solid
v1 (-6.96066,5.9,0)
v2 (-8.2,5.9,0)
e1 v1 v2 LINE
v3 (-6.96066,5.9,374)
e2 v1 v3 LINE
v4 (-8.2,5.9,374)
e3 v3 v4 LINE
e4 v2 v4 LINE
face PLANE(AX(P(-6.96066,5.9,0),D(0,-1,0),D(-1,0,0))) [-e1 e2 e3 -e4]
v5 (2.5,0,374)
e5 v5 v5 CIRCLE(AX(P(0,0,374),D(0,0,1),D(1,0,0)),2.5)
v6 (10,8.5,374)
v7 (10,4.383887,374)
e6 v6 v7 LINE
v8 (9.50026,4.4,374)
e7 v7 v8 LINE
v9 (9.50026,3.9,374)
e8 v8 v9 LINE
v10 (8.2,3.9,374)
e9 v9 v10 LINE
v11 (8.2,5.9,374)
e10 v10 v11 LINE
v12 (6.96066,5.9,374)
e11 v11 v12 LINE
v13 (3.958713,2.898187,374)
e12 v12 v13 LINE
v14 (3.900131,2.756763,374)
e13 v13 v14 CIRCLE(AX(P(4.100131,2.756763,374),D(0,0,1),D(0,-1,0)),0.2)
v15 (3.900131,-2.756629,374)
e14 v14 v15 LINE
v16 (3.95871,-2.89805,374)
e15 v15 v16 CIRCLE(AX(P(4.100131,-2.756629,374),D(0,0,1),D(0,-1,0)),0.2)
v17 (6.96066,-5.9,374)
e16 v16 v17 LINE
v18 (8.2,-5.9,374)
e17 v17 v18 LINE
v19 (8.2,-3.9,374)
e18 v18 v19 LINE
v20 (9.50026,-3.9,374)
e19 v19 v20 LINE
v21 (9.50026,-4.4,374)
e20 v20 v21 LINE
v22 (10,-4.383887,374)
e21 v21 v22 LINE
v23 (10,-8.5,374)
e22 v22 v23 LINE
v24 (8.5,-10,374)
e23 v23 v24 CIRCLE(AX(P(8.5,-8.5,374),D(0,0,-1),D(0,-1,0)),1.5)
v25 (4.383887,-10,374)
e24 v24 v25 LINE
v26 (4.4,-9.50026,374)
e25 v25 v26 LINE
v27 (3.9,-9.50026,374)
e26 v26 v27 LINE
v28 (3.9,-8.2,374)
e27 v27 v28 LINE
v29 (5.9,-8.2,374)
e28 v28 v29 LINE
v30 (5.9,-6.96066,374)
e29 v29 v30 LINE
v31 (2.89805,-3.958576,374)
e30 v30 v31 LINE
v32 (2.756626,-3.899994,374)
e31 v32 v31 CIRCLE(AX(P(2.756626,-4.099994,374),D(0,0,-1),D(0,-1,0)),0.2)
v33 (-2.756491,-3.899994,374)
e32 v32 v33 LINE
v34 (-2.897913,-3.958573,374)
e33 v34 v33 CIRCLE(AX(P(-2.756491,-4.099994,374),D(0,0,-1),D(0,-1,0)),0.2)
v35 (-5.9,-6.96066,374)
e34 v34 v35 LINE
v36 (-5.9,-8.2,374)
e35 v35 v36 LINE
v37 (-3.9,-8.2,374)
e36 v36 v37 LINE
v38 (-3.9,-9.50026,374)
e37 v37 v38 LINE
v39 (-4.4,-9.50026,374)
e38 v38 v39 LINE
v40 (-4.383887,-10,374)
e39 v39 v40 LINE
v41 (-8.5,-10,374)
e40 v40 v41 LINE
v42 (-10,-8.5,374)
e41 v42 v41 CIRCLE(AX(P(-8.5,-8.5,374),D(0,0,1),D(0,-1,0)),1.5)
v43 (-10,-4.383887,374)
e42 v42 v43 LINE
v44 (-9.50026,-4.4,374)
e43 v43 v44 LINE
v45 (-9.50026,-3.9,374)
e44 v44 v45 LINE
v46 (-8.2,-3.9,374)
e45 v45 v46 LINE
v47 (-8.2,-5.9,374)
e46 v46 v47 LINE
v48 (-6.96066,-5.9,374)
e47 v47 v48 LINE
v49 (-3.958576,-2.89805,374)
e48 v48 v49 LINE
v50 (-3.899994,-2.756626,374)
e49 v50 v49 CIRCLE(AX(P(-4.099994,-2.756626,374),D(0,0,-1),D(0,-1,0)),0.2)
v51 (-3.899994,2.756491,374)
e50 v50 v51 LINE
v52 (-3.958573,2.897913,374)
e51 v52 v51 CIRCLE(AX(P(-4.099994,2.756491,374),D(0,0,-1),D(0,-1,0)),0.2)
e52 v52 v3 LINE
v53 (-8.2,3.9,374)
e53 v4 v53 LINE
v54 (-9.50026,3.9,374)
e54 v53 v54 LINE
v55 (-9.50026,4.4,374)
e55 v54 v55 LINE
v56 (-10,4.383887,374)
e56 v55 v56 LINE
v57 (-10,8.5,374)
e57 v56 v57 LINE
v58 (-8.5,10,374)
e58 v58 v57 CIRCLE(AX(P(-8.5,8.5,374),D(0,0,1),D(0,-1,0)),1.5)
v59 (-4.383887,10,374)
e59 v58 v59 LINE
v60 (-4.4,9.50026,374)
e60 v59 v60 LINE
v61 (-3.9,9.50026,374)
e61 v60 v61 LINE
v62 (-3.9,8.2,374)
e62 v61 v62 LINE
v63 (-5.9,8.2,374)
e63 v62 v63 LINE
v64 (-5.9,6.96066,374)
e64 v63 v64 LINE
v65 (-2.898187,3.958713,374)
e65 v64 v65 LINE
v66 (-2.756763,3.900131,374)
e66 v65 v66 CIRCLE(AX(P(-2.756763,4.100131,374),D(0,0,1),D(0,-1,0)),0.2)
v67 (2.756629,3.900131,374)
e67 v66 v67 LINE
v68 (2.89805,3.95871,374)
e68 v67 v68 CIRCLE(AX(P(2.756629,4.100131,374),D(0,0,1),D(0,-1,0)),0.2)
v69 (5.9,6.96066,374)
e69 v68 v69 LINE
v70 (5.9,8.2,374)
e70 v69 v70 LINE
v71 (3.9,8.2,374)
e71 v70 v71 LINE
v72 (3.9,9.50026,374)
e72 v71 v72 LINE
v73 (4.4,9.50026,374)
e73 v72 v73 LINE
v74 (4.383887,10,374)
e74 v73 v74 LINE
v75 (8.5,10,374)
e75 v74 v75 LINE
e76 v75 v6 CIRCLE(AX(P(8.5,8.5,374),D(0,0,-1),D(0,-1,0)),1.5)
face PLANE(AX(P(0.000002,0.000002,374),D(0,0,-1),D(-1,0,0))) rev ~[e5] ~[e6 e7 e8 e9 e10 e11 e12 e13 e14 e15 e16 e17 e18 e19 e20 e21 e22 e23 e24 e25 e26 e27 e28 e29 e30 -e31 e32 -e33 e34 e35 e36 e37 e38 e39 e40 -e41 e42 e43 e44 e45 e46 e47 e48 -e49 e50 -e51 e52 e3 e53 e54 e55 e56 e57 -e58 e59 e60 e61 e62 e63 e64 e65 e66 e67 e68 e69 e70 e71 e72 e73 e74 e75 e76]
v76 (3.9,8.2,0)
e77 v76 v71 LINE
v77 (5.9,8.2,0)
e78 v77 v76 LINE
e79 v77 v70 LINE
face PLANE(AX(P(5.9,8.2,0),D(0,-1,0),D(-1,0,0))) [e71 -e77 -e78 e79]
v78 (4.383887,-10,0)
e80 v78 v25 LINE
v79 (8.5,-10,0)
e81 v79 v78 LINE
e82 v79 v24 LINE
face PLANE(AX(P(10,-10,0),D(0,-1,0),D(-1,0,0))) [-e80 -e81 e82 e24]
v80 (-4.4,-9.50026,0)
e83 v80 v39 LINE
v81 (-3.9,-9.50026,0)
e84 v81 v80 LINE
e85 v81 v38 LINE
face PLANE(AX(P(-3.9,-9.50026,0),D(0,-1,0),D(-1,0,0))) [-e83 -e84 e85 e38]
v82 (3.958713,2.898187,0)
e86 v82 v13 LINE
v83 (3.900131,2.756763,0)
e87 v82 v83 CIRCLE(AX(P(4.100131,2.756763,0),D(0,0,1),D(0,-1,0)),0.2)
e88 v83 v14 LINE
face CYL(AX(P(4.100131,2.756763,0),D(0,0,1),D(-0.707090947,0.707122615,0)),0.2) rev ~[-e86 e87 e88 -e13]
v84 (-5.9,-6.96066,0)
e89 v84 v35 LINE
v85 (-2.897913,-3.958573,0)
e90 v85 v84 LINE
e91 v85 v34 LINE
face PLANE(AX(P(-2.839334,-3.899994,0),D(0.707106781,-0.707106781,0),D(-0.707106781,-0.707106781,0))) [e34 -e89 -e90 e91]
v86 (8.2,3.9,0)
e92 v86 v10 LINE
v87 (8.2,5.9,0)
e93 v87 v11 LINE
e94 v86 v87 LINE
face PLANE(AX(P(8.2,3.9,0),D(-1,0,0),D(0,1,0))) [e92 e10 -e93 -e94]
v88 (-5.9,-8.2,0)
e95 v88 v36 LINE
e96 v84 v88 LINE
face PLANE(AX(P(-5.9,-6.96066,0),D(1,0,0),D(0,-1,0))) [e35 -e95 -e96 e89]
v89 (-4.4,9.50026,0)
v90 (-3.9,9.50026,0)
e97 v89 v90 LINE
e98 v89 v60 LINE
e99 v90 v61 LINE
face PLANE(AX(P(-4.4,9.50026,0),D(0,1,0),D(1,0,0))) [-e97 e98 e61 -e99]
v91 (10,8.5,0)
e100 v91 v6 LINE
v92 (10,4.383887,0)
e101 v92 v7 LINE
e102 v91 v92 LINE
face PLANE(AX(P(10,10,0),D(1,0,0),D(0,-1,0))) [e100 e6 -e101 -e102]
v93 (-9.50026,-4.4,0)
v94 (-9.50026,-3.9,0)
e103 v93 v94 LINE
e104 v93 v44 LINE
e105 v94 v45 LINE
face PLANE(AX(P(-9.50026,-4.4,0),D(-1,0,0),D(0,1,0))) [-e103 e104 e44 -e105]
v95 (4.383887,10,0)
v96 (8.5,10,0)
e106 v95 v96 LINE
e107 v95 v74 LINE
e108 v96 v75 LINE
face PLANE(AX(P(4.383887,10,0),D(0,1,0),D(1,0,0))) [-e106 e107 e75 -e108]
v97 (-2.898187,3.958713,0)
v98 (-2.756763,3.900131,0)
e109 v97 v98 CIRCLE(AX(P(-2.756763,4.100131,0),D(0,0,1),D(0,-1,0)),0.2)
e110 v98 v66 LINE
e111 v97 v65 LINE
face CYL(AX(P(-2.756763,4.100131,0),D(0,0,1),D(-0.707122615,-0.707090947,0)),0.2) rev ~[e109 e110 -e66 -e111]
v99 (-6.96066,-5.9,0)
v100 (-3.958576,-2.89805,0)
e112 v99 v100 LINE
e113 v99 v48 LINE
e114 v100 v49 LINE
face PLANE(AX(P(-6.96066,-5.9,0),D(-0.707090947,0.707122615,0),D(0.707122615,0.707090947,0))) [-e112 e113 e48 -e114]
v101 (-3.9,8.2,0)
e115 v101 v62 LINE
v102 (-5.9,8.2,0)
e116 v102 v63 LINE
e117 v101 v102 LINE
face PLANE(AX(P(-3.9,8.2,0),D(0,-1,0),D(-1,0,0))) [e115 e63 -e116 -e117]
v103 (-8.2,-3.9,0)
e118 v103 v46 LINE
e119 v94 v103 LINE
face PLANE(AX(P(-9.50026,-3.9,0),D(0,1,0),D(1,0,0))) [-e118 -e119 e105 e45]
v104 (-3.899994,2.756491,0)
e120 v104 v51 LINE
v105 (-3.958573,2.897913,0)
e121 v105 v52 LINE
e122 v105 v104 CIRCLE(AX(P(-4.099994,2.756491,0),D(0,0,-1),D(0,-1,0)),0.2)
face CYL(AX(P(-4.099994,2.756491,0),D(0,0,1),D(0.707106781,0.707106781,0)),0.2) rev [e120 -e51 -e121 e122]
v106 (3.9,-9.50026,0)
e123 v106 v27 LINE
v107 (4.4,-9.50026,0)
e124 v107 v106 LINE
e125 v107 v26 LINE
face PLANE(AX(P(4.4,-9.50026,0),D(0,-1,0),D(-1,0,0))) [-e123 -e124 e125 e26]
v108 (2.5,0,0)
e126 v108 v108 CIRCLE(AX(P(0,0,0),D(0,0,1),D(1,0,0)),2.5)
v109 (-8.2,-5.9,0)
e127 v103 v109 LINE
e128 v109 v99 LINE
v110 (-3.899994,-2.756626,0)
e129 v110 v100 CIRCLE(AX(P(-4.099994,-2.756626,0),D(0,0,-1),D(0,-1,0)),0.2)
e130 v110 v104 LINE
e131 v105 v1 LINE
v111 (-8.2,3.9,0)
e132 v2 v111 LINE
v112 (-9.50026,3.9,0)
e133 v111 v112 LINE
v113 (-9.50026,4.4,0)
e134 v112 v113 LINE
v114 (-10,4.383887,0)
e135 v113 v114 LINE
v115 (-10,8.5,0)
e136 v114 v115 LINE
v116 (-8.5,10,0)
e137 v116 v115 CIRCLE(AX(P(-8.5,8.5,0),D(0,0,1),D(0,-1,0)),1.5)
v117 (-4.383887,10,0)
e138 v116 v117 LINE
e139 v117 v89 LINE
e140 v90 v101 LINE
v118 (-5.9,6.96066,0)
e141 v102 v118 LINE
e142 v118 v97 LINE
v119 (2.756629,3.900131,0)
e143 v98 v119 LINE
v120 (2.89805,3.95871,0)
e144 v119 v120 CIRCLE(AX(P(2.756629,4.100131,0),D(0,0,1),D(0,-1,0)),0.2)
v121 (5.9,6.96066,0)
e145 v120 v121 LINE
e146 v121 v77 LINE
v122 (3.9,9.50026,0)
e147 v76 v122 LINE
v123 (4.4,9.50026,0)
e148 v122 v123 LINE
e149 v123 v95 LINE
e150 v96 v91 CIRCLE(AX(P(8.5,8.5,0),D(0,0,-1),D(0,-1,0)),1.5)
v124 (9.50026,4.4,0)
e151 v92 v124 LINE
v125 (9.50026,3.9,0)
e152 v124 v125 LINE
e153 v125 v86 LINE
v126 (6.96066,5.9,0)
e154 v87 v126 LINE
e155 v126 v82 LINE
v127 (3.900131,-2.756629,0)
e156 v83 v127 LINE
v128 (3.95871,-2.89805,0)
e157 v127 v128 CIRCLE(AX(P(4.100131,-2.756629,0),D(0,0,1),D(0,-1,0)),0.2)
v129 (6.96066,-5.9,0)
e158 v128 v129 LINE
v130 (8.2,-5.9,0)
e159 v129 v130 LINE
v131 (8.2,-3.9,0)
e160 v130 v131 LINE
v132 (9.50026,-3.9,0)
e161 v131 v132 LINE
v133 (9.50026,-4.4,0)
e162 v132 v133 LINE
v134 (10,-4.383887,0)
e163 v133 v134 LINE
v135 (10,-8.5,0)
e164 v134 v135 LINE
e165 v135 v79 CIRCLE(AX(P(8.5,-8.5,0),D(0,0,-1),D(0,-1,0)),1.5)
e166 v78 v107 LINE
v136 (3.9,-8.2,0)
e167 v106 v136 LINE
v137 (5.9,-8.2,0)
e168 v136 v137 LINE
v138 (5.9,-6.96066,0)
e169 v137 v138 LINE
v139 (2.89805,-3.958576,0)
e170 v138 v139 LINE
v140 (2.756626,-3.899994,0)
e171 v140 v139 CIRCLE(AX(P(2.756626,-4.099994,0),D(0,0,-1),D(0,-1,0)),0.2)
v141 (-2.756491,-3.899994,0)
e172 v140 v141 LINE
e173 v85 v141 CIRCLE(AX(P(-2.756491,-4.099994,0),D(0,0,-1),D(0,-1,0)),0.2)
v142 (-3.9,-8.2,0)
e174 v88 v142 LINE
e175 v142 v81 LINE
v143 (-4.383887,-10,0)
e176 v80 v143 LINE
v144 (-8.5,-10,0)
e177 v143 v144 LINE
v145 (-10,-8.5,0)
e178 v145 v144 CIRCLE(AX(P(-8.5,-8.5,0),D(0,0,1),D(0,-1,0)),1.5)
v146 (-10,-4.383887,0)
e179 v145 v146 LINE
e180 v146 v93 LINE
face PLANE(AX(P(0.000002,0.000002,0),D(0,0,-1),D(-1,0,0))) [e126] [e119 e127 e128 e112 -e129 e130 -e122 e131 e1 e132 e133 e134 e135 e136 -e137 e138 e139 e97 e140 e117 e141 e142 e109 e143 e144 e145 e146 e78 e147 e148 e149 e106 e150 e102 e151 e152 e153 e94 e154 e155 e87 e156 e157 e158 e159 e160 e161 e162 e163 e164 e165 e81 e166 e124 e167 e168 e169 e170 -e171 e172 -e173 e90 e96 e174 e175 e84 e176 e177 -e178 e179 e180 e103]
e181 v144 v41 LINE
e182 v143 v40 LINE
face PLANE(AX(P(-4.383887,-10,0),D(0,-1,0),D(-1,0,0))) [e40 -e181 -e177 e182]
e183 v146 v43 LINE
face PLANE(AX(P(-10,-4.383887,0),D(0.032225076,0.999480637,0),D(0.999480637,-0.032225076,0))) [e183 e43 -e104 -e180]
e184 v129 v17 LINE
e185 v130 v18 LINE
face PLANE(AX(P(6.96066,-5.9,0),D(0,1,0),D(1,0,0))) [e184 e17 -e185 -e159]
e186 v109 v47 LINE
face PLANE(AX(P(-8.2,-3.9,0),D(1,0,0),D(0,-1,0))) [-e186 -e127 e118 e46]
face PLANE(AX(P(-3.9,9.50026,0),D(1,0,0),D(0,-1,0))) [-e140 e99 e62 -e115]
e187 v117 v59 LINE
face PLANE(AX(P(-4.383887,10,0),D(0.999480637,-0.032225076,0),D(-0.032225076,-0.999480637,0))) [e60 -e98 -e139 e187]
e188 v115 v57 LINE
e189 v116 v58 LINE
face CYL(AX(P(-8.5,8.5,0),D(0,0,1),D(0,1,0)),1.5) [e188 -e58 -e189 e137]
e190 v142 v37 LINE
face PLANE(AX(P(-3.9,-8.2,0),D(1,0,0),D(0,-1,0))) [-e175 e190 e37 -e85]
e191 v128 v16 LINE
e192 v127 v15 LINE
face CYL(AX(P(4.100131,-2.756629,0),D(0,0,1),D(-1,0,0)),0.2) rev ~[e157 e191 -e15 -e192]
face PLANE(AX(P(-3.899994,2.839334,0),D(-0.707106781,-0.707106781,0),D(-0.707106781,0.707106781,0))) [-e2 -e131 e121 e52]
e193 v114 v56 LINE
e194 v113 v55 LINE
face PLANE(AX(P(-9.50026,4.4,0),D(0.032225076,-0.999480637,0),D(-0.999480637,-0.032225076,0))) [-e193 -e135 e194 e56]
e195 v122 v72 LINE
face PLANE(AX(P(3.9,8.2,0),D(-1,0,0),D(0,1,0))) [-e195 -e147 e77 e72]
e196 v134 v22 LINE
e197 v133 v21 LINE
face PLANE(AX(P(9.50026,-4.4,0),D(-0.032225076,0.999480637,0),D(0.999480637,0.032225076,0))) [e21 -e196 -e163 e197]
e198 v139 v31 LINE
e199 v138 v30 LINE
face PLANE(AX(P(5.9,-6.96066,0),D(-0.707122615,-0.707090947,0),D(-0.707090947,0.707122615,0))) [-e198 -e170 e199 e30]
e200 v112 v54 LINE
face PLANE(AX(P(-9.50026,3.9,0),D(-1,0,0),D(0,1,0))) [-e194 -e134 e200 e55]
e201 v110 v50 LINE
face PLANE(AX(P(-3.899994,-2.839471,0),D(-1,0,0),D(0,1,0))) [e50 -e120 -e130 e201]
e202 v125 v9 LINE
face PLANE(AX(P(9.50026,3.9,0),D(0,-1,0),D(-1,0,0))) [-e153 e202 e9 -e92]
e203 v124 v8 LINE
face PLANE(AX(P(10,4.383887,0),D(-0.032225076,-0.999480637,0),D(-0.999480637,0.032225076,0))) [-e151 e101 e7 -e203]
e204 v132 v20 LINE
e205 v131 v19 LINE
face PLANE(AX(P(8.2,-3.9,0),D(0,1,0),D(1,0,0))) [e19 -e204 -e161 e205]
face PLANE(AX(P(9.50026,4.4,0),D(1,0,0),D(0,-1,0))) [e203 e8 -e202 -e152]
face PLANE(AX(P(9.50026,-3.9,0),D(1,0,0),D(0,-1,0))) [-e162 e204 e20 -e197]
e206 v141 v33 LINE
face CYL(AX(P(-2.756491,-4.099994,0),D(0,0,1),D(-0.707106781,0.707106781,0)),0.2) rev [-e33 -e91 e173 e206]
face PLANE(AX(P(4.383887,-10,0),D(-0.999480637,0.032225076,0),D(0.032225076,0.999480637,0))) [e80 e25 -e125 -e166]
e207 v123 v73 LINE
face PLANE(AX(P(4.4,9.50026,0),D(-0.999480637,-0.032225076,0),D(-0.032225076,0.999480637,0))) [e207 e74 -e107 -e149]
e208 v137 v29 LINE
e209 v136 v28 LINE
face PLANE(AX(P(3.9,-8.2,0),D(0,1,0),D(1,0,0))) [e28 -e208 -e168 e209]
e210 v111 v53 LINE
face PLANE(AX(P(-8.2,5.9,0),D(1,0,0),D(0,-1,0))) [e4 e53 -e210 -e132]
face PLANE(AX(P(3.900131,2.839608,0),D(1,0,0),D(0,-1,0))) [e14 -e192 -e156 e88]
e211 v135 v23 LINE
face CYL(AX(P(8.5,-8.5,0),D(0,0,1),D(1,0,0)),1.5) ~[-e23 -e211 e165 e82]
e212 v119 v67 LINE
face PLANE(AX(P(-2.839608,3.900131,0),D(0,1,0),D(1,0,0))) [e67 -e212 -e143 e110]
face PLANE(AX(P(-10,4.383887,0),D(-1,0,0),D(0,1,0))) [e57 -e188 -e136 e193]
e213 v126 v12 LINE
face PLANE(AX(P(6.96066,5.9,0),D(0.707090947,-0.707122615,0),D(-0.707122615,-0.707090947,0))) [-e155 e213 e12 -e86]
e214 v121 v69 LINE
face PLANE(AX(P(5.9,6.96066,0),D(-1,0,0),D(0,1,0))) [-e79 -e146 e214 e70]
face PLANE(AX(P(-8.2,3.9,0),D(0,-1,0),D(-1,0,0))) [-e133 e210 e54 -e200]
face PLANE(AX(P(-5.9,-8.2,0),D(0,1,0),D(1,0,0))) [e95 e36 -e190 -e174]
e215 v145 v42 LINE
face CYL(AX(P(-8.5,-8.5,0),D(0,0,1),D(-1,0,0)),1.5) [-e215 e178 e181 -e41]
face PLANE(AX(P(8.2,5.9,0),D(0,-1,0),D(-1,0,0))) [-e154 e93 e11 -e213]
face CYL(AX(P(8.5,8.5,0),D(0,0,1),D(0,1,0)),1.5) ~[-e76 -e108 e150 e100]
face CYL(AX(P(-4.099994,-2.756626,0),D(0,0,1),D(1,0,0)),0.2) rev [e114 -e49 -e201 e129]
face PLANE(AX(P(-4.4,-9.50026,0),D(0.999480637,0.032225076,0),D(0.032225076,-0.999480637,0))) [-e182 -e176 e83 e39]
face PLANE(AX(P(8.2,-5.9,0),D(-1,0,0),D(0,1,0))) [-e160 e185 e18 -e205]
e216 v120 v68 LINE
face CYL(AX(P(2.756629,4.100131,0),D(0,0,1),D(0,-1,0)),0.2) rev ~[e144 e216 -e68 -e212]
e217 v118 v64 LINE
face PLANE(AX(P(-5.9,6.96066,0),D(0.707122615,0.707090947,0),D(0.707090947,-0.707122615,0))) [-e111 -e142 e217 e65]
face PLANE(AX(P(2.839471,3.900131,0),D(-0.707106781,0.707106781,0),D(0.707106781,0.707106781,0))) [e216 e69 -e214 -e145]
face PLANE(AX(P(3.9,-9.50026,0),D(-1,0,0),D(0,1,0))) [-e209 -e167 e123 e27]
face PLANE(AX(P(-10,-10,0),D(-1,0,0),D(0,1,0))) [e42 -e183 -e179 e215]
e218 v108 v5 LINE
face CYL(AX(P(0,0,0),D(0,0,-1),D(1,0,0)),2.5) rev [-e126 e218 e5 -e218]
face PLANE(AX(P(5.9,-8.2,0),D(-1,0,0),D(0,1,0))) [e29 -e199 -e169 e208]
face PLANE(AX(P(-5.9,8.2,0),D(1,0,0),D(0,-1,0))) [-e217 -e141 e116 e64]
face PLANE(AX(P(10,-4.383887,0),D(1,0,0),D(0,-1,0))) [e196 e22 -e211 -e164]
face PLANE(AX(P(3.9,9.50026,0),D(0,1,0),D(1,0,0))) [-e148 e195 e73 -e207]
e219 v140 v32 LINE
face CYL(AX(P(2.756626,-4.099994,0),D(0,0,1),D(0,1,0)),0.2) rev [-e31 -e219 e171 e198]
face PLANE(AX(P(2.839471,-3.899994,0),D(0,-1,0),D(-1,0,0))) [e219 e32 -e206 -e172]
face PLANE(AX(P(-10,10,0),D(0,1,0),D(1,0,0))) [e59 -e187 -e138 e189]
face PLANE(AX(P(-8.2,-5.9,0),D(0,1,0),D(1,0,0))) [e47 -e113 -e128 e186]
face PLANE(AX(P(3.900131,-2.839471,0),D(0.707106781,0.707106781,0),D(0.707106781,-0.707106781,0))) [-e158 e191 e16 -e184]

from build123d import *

# Parameters (mm, degrees)
SKETCH_1_R      = 2.5
EXTRUDE_1_DEPTH = 374
FILLET_1_R      = 1.5
FILLET_2_R      = 0.2


with BuildPart() as part:
    # 草图1 → 凸台-拉伸1 (new body)
    with BuildSketch(Plane.XY):
        Polygon((-10, 10), (-4.383887462, 10), (-4.4, 9.500259681), (-3.9, 9.500259681), (-3.9, 8.2), (-5.9, 8.2), (-5.9, 6.960660172), (-2.839608303, 3.900131414), (2.839471243, 3.900131414), (5.9, 6.960660172), (5.9, 8.2), (3.9, 8.2), (3.9, 9.500259681), (4.4, 9.500259681), (4.383887462, 10), (10, 10), (10, 4.383887462), (9.500259681, 4.4), (9.500259681, 3.9), (8.2, 3.9), (8.2, 5.9), (6.960660172, 5.9), (3.900131414, 2.839608303), (3.900131414, -2.839471243), (6.960660172, -5.9), (8.2, -5.9), (8.2, -3.9), (9.500259681, -3.9), (9.500259681, -4.4), (10, -4.383887462), (10, -10), (4.383887462, -10), (4.4, -9.500259681), (3.9, -9.500259681), (3.9, -8.2), (5.9, -8.2), (5.9, -6.960660172), (2.839471243, -3.899994348), (-2.839334176, -3.899994348), (-5.9, -6.960660172), (-5.9, -8.2), (-3.9, -8.2), (-3.9, -9.500259681), (-4.4, -9.500259681), (-4.383887462, -10), (-10, -10), (-10, -4.383887462), (-9.500259681, -4.4), (-9.500259681, -3.9), (-8.2, -3.9), (-8.2, -5.9), (-6.960660172, -5.9), (-3.899994348, -2.839471243), (-3.899994348, 2.839334176), (-6.960660172, 5.9), (-8.2, 5.9), (-8.2, 3.9), (-9.500259681, 3.9), (-9.500259681, 4.4), (-10, 4.383887462), align=None)
        Circle(SKETCH_1_R, mode=Mode.SUBTRACT)
    extrude(amount=EXTRUDE_1_DEPTH)

    # 圆角1
    fillet_1_edges = [part.edges().sort_by_distance(p)[0] for p in [
        (10, 10, 187),
        (10, -10, 187),
        (-10, -10, 187),
        (-10, 10, 187),
    ]]
    fillet(fillet_1_edges, radius=FILLET_1_R)

    # 圆角2
    fillet_2_edges = [part.edges().sort_by_distance(p)[0] for p in [
        (3.900131414, 2.839608303, 187),
        (3.900131414, -2.839471243, 187),
        (2.839471243, -3.899994348, 187),
        (-2.839334176, -3.899994348, 187),
        (-3.899994348, -2.839471243, 187),
        (-3.899994348, 2.839334176, 187),
        (-2.839608303, 3.900131414, 187),
        (2.839471243, 3.900131414, 187),
    ]]
    fillet(fillet_2_edges, radius=FILLET_2_R)


solid = part.part
